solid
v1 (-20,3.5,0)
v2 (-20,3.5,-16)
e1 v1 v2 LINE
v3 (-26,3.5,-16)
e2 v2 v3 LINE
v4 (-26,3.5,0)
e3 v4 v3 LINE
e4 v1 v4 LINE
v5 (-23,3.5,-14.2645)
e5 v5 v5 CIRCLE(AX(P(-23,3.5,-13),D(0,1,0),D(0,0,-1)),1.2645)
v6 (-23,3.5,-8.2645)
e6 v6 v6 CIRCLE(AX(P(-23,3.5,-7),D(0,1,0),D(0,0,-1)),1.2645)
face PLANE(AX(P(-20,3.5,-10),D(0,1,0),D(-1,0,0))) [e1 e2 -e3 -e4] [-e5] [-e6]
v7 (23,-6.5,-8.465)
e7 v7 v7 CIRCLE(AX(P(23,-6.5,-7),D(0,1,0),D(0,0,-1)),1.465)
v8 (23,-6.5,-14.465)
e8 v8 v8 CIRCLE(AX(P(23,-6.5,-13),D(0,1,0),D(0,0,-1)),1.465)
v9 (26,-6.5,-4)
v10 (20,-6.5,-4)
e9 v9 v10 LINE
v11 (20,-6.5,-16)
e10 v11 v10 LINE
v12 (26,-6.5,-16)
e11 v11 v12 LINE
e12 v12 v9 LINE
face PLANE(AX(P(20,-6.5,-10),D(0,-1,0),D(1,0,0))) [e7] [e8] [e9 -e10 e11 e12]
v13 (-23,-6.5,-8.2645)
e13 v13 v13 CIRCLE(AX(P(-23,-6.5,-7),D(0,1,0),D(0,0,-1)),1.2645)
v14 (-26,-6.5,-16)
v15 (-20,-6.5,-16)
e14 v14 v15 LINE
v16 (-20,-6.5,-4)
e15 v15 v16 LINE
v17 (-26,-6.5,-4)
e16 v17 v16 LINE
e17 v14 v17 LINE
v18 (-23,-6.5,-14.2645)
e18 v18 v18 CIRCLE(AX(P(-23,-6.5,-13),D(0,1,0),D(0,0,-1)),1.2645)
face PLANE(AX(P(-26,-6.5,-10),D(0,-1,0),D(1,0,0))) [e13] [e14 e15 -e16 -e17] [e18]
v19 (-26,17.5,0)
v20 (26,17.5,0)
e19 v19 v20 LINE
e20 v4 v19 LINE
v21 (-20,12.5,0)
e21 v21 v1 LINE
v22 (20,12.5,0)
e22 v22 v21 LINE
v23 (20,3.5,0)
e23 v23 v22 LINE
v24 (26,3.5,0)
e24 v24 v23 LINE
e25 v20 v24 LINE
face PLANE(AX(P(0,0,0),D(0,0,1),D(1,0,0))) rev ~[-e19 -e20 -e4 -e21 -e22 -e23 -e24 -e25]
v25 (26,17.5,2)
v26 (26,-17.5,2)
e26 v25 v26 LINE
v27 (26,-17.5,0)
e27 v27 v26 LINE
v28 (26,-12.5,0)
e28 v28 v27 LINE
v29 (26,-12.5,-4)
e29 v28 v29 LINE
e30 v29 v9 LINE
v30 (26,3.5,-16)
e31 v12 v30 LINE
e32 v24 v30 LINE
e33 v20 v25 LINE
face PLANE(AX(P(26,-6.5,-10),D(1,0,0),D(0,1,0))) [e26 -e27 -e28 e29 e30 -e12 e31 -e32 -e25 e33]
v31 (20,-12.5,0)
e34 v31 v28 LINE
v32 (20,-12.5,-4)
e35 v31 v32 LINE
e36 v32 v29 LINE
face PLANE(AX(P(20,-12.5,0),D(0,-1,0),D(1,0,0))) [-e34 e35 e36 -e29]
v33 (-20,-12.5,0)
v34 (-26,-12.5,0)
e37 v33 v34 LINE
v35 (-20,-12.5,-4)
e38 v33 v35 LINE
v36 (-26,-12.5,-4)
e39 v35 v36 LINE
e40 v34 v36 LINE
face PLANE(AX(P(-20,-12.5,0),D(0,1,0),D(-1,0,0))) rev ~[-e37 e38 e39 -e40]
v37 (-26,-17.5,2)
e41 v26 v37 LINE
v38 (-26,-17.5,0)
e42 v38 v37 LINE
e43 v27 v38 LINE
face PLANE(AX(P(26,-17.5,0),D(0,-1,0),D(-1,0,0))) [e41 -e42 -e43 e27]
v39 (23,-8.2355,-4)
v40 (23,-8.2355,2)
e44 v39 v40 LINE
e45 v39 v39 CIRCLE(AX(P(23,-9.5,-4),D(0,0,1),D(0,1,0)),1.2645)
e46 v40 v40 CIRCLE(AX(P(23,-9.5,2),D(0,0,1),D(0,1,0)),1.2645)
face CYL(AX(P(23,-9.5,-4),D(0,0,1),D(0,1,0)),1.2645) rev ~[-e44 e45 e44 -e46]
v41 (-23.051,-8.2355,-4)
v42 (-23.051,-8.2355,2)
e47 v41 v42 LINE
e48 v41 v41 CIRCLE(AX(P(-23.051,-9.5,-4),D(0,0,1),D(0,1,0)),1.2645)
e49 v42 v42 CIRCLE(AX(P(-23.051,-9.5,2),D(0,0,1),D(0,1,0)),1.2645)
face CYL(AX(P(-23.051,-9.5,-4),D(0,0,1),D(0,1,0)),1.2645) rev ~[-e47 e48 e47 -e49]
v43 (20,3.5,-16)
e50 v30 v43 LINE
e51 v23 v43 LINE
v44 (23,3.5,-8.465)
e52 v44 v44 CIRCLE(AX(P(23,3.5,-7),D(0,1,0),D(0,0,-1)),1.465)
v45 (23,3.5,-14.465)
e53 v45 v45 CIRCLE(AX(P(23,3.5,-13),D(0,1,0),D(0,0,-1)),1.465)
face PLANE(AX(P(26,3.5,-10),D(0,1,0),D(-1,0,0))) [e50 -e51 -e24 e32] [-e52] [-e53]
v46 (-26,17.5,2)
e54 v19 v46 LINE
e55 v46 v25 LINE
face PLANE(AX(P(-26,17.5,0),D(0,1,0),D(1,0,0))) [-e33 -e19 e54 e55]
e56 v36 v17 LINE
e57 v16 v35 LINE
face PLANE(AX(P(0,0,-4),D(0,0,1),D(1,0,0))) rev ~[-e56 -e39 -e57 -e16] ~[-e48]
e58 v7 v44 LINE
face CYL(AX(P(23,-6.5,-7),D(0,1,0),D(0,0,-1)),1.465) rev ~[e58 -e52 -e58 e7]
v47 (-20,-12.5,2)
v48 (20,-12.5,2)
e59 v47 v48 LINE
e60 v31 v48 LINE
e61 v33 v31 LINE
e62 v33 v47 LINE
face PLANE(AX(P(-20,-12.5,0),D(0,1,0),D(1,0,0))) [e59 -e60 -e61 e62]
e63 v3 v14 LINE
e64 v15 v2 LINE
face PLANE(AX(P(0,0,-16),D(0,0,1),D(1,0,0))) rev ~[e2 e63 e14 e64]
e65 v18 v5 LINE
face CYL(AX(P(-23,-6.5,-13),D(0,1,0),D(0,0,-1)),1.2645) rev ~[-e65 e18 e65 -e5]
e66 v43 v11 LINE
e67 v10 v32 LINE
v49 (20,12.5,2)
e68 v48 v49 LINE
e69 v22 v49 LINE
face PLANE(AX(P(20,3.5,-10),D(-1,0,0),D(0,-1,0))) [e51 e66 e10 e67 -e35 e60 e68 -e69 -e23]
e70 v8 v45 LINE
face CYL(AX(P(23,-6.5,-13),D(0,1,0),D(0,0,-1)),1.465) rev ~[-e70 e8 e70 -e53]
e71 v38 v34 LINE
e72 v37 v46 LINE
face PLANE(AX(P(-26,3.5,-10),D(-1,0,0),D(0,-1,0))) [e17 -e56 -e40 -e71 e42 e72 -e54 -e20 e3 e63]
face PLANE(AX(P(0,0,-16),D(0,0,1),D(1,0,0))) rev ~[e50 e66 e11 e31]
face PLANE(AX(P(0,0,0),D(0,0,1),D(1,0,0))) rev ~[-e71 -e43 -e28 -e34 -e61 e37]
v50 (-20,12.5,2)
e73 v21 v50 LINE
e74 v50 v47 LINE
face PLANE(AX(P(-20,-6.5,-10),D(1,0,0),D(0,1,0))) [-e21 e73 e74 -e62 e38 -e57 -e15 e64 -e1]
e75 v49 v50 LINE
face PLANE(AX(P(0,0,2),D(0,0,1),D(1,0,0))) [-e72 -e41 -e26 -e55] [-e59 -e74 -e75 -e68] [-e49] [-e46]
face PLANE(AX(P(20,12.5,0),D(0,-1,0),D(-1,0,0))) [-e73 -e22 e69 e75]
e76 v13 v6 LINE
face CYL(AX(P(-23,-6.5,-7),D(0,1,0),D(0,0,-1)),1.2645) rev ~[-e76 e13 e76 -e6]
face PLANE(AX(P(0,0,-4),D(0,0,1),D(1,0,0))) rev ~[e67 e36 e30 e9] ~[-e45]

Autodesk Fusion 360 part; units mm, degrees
sketch "Sketch1" plane through (0, 0, 0) normal (0, 0, 1) x (1, 0, 0)
  line L0 (26, -17.5) -> (-26, -17.5)
  line L1 (-26, -17.5) -> (-26, 17.5)
  line L2 (-26, 17.5) -> (26, 17.5)
  line L3 (26, 17.5) -> (26, -17.5)
  line L4 (26, -17.5) -> (-26, 17.5) construction
  line L5 (-26, -17.5) -> (26, 17.5) construction
  line L6 (-20, -12.5) -> (20, -12.5)
  line L7 (20, -12.5) -> (20, 12.5)
  line L8 (20, 12.5) -> (-20, 12.5)
  line L9 (-20, 12.5) -> (-20, -12.5)
  line L10 (-20, -12.5) -> (20, 12.5) construction
  line L11 (20, -12.5) -> (-20, 12.5) construction
  dimension "d1" = 52
  dimension "d2" = 35
  dimension "d3" = 40
  dimension "d4" = 25
extrude "Extrude1" add sketch "Sketch1" along normal blind 2
sketch "Sketch2" plane through (0, 0, 0) normal (0, 0, 1) x (1, 0, 0)
sketch "Sketch3" plane through (0, 0, 0) normal (0, 0, 1) x (1, 0, 0)
  line L0 (-20, -12.5) -> (-26, -12.5)
  line L1 (-26, -12.5) -> (-26, -6.5)
  line L2 (-26, -6.5) -> (-20, -6.5)
  line L3 (-20, -6.5) -> (-20, -12.5)
  dimension "d7" = 6
extrude "Extrude2" add sketch "Sketch3" against normal blind 4
sketch "Sketch4" plane through (0, 0, 0) normal (0, 0, 1) x (1, 0, 0)
  line L0 (20, -12.5) -> (26, -12.5)
  line L1 (26, -12.5) -> (26, -6.5)
  line L2 (26, -6.5) -> (20, -6.5)
  line L3 (20, -6.5) -> (20, -12.5)
  dimension "d10" = 6
  dimension "d11" = 6
extrude "Extrude3" add sketch "Sketch4" against normal blind 4
sketch "Sketch5" plane through (0, 0, 0) normal (0, 0, 1) x (1, 0, 0)
  line L0 (20, -6.5) -> (26, -6.5)
  line L1 (26, -6.5) -> (26, 3.5)
  line L2 (26, 3.5) -> (20, 3.5)
  line L3 (20, 3.5) -> (20, -6.5)
  line L4 (-26, -6.5) -> (-20, -6.5)
  line L5 (-20, -6.5) -> (-20, 3.5)
  line L6 (-20, 3.5) -> (-26, 3.5)
  line L7 (-26, 3.5) -> (-26, -6.5)
  dimension "d14" = 6
  dimension "d15" = 10
  dimension "d16" = 6
  dimension "d17" = 10
extrude "Extrude4" add sketch "Sketch5" against normal blind 10 contours L0 L1 L2 L3
sketch "Sketch6" plane through (0, 0, 0) normal (0, 0, 1) x (1, 0, 0)
  line L0 (-26, -6.5) -> (-20, -6.5)
  line L1 (-20, -6.5) -> (-20, 3.5)
  line L2 (-20, 3.5) -> (-26, 3.5)
  line L3 (-26, 3.5) -> (-26, -6.5)
  dimension "d20" = 6
  dimension "d21" = 10
extrude "Extrude5" add sketch "Sketch6" against normal blind 10
extrude "Extrude6" add 1 faces at (22, 0.1667, -10) along direction (0, 0, -1) blind 6
extrude "Extrude7" add 1 faces at (-24, 0.1667, -10) along direction (0, 0, -1) blind 6
sketch "Sketch7" plane through (0, -6.5, 0) normal (0, -1, 0) x (1, 0, 0)
  line L0 (26, -4) -> (20, -4)
  line L1 (20, -4) -> (20, -16)
  line L2 (20, -16) -> (26, -16)
  line L3 (26, -16) -> (26, -4)
  point P0 (23, -13)
  point P1 (23, -7)
  point P2 (-23, -13)
  point P3 (-23, -7)
hole "Hole1" at (23, -6.5, -13) at (23, -6.5, -7) direction (0, 1, 0) diameter 2.93 depth 10 tip angle 118
sketch "Sketch8" plane through (0, -6.5, 0) normal (0, -1, 0) x (1, 0, 0)
  line L0 (-20, -4) -> (-26, -4)
  line L1 (-26, -4) -> (-26, -16)
  line L2 (-26, -16) -> (-20, -16)
  line L3 (-20, -16) -> (-20, -4)
  point P0 (-23, -13)
  point P1 (-23, -7)
hole "Hole2" at (-23, -6.5, -13) at (-23, -6.5, -7) direction (0, 1, 0) diameter 2.529 depth 10 tip angle 118
sketch "Sketch9" plane through (0, 0, -4) normal (0, 0, -1) x (1, 0, 0)
  line L0 (20, 12.5) -> (20, 6.5)
  line L1 (20, 6.5) -> (26, 6.5)
  line L2 (26, 6.5) -> (26, 12.5)
  line L3 (26, 12.5) -> (20, 12.5)
  point P0 (23, 9.5)
  point P1 (-23.051, 9.5)
hole "Hole3" at (-23.051, -9.5, -4) at (23, -9.5, -4) direction (0, 0, 1) diameter 2.529 depth 6 tip angle 118
